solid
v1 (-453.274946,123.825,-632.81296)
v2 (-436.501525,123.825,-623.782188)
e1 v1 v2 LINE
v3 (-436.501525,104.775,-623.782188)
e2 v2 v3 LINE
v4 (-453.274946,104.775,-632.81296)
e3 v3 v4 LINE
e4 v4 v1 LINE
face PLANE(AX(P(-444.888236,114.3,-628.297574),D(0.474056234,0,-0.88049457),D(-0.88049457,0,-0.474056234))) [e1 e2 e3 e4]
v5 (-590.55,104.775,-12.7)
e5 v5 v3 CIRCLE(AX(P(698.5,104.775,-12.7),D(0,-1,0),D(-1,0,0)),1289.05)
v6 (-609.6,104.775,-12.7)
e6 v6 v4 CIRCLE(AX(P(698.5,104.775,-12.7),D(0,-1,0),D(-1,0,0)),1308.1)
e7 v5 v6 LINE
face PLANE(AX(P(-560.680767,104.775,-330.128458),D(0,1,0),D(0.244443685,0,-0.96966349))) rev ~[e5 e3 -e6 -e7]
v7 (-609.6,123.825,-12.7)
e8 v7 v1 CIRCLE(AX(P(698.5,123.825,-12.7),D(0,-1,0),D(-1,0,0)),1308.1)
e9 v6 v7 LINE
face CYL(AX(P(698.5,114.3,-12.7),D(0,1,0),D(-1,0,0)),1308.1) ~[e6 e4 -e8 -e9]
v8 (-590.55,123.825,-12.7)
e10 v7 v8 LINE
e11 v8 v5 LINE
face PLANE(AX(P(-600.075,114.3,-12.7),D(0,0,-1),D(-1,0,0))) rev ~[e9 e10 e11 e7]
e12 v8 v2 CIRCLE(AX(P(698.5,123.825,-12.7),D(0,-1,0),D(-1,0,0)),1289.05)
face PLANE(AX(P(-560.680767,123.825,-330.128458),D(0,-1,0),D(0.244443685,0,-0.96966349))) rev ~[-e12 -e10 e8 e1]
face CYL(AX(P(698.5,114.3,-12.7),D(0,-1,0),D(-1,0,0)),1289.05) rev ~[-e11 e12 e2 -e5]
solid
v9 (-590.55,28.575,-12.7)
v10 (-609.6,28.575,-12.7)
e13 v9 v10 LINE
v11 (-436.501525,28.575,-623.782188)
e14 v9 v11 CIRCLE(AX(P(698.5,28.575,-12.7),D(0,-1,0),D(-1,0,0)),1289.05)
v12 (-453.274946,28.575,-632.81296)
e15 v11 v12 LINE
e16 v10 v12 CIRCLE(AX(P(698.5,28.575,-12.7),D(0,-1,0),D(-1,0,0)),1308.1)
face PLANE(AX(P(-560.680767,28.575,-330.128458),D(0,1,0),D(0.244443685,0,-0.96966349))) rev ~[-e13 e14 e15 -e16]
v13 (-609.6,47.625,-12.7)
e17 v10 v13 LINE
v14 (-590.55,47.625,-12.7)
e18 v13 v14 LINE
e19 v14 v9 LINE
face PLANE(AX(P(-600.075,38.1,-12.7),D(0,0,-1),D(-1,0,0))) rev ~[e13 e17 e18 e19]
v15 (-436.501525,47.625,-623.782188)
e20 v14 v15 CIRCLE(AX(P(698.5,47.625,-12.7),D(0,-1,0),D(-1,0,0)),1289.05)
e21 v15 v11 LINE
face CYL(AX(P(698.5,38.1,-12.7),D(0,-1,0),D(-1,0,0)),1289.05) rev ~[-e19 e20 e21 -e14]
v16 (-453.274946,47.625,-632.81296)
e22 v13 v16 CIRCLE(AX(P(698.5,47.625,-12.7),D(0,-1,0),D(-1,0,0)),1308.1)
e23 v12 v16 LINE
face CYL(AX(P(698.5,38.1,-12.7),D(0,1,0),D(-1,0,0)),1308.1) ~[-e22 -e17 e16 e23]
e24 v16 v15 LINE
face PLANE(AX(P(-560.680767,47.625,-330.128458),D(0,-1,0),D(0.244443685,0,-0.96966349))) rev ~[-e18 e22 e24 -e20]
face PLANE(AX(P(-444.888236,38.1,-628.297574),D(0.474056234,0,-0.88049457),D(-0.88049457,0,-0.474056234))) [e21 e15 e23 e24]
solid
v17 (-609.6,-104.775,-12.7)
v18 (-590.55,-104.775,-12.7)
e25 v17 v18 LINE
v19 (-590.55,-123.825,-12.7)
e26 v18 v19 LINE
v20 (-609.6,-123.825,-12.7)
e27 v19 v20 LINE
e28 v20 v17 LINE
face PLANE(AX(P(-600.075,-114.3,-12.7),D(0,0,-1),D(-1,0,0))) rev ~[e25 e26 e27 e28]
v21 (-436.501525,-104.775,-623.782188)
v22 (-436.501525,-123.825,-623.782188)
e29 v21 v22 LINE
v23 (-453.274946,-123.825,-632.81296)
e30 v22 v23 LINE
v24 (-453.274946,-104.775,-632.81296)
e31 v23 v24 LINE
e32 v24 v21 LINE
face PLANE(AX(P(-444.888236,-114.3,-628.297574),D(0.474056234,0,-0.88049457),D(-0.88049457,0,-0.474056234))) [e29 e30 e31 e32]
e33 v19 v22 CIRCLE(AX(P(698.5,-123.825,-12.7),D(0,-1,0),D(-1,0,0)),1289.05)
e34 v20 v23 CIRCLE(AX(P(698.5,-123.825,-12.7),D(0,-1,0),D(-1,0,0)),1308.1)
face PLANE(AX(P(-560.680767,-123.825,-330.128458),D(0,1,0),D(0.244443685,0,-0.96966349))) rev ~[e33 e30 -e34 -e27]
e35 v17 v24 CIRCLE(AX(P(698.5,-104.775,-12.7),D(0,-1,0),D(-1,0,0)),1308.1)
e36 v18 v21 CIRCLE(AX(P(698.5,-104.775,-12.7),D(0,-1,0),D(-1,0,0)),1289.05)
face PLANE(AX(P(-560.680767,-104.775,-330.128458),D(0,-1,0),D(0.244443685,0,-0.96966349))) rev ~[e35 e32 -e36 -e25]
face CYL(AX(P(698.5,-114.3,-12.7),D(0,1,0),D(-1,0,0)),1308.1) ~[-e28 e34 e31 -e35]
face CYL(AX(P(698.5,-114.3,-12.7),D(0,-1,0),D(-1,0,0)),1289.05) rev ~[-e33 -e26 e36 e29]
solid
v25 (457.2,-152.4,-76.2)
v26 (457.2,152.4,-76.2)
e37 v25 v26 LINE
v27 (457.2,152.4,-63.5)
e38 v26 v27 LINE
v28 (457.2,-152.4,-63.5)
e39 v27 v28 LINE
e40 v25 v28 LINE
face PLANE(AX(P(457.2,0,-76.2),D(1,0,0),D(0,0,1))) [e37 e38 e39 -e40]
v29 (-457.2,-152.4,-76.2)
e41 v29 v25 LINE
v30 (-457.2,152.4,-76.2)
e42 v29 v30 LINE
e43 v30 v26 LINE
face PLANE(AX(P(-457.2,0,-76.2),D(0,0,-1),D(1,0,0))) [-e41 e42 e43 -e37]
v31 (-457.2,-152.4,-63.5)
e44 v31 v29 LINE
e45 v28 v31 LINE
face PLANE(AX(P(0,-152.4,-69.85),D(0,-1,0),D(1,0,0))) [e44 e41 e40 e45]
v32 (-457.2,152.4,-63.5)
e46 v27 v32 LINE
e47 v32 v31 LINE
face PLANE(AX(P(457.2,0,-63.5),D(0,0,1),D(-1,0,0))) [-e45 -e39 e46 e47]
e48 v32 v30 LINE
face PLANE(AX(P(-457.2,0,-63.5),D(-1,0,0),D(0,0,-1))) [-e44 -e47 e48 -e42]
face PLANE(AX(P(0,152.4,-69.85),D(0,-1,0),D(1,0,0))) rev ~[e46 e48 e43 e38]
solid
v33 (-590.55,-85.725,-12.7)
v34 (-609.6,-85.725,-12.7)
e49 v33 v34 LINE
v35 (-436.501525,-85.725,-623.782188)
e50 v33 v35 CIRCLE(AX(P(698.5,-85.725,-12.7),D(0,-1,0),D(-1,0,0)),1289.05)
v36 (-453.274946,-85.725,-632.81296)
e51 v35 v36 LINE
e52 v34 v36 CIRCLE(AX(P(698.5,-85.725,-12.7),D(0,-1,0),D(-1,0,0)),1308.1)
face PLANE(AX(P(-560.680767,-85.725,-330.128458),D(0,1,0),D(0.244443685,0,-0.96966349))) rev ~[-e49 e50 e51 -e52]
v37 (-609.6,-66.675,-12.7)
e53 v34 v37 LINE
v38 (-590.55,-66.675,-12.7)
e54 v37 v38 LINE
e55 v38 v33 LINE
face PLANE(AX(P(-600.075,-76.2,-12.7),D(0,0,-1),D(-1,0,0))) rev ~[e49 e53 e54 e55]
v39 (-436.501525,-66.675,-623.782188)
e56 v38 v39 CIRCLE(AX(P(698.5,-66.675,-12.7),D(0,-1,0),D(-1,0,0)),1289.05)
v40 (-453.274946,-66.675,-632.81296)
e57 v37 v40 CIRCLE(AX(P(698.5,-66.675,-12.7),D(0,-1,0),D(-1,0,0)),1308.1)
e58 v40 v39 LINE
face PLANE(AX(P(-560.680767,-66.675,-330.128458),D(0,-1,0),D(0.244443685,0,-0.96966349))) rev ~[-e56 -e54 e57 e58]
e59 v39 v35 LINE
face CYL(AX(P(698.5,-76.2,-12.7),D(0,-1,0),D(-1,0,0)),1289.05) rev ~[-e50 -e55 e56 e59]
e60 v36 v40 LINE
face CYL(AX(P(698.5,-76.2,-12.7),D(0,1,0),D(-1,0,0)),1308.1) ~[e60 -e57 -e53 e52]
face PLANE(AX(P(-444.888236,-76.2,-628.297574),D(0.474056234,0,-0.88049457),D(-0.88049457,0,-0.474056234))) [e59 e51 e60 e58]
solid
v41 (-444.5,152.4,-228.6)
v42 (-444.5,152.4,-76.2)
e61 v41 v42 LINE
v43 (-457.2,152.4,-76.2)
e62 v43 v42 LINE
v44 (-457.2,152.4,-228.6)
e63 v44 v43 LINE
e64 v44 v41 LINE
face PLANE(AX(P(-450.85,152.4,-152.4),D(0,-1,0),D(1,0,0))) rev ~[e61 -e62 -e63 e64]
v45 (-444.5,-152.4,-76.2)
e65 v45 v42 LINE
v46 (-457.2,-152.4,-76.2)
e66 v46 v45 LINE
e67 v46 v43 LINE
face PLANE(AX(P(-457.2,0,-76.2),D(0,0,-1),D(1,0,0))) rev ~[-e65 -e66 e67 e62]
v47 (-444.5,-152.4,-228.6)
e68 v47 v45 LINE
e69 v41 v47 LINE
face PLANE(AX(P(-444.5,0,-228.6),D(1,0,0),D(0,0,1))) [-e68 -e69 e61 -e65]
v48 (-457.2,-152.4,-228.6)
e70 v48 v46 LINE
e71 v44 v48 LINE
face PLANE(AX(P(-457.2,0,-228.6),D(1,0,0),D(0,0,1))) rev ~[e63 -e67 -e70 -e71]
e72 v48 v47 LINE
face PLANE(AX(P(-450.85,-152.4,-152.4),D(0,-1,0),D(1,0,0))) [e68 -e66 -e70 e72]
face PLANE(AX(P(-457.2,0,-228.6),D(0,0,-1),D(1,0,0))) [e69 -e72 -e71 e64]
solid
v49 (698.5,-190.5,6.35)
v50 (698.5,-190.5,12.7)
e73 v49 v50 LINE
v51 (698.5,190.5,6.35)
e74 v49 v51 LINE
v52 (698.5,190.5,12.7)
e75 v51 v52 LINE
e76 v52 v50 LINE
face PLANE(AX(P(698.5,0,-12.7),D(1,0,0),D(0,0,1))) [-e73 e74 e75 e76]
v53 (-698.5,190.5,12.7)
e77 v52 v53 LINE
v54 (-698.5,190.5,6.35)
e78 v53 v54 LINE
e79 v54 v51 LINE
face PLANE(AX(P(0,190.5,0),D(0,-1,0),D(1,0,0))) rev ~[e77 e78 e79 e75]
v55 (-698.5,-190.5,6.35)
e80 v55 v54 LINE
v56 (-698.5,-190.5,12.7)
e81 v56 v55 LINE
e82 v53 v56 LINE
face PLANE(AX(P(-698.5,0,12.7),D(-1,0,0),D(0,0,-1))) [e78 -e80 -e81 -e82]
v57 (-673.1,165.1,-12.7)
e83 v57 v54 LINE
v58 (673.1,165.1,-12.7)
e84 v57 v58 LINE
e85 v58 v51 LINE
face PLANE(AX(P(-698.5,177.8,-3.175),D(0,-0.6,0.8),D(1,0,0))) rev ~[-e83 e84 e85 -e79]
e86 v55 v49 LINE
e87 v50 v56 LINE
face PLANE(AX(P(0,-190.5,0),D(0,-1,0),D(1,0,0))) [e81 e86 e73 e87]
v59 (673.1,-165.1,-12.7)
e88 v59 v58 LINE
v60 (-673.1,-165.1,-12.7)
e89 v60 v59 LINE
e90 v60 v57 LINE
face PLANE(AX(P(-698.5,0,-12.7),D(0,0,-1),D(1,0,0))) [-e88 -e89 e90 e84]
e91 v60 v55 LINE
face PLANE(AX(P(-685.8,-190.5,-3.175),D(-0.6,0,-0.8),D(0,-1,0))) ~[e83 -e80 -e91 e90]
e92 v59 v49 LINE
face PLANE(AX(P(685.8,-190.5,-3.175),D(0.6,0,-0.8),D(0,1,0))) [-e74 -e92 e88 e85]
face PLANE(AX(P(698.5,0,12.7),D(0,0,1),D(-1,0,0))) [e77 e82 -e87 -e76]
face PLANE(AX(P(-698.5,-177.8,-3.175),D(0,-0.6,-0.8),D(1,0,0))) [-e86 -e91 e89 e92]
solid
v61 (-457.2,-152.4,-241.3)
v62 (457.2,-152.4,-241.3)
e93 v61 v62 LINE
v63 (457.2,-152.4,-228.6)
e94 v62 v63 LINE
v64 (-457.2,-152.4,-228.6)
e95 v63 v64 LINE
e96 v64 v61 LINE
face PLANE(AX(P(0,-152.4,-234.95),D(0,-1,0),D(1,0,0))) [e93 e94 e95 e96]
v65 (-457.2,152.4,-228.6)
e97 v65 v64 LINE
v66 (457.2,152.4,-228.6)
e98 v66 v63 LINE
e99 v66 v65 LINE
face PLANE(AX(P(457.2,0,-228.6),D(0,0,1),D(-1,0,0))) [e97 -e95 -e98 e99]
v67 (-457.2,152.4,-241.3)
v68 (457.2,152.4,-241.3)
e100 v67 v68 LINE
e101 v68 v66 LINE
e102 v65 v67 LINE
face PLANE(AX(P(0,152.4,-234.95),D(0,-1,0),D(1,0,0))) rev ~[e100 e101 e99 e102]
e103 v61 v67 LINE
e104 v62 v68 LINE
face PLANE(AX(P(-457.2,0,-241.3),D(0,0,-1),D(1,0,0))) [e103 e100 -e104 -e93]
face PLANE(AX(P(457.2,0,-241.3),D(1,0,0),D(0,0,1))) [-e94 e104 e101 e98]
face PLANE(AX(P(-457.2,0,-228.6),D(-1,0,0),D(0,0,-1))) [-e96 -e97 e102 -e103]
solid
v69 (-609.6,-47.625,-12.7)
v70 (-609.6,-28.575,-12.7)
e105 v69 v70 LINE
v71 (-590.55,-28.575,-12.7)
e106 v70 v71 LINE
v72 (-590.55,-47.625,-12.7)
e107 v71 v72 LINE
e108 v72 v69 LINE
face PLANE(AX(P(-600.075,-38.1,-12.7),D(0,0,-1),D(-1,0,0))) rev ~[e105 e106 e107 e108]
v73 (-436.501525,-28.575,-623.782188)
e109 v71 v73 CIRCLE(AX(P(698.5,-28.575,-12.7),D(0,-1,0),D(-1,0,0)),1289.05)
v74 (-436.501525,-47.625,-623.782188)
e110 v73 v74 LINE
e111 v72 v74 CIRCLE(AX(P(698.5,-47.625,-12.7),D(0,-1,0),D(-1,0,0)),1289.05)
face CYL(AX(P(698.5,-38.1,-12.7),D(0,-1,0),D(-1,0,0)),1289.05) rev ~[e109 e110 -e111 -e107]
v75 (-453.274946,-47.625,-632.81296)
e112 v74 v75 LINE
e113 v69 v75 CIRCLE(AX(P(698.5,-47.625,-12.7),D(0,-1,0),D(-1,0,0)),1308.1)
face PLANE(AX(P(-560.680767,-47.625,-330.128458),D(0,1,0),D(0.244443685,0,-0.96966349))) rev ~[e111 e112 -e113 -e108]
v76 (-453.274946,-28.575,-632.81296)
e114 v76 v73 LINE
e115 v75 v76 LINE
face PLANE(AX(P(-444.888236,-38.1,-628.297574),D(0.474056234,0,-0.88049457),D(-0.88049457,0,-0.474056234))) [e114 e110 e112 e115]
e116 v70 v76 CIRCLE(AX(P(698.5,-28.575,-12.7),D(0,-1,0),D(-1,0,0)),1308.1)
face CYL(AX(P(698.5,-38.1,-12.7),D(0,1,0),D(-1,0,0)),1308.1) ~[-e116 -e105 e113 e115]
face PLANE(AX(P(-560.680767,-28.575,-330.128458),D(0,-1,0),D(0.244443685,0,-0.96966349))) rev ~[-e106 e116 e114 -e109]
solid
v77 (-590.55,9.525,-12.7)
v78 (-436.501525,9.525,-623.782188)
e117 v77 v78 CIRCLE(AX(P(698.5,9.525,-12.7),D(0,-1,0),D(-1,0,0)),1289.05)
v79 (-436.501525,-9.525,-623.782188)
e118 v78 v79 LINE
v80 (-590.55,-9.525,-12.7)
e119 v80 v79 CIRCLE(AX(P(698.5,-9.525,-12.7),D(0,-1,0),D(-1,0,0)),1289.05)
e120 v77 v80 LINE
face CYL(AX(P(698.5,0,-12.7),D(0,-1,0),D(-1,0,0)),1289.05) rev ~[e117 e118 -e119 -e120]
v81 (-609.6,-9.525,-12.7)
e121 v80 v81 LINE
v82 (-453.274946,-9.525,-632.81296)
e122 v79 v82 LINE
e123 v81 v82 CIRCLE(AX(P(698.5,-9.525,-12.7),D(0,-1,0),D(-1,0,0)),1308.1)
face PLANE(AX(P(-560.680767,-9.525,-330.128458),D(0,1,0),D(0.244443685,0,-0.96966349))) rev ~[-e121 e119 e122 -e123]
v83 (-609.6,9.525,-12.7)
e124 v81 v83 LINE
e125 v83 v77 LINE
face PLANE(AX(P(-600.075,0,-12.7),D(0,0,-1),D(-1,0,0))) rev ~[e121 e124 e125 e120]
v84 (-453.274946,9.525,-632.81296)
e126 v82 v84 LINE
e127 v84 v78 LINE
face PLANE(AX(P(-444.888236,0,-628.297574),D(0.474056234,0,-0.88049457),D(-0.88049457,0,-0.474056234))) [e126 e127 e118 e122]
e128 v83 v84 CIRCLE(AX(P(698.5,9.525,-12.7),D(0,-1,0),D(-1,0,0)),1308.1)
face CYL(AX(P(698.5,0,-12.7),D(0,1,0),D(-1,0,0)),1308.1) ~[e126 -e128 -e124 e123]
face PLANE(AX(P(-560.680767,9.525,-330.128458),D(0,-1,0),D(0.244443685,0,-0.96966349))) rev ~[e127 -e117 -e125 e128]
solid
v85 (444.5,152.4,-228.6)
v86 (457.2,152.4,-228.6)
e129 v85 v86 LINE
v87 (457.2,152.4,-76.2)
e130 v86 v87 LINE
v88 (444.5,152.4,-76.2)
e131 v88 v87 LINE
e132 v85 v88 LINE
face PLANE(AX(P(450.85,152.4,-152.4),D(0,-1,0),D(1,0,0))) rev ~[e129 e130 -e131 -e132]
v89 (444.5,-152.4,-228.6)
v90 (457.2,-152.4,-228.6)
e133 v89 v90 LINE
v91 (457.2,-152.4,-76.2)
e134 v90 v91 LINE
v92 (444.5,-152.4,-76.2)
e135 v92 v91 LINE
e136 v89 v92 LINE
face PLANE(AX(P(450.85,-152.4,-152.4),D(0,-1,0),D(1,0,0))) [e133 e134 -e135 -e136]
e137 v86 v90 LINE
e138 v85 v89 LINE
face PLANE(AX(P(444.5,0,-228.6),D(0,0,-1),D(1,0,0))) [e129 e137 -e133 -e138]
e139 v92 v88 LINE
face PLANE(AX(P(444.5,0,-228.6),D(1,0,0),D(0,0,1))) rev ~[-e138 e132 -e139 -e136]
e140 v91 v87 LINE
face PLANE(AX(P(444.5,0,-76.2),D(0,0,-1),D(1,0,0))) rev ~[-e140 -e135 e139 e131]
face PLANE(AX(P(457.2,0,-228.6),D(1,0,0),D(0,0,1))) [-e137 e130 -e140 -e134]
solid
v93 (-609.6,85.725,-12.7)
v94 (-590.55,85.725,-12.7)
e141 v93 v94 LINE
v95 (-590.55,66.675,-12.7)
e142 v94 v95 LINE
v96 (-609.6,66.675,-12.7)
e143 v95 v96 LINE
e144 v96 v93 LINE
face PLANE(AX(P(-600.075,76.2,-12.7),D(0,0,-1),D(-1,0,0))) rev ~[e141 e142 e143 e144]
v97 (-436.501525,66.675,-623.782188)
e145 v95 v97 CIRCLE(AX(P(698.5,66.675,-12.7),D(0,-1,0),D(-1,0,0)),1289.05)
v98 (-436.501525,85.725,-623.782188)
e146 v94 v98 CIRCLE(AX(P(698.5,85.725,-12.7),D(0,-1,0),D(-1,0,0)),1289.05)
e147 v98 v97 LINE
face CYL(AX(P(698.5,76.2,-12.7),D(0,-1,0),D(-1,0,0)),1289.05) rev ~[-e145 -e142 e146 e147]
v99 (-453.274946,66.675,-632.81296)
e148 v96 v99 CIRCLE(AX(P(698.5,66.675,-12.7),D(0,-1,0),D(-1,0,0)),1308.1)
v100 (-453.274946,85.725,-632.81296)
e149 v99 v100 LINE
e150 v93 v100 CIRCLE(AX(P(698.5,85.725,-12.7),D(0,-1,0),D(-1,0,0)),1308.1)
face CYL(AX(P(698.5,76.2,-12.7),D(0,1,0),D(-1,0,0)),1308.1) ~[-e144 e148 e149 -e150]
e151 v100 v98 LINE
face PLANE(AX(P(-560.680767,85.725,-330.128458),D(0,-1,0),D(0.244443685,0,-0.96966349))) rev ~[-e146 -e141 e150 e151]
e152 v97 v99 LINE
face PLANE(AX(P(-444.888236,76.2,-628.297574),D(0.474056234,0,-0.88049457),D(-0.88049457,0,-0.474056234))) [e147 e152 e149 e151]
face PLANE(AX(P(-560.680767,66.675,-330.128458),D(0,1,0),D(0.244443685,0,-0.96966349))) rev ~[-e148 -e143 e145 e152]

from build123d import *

# Parameters (mm, degrees)
F1_DEPTH = 190.5
F0_W     = 12.7
F0_H     = 152.4
F2_DEPTH = 152.4
F3_DEPTH = 152.4
F4_SIZE2 = 19.05
F4_SIZE  = 25.4
F5_W     = 19.05
F5_H     = 19.05


with BuildPart() as f1:
    # F0 (on Front) → F1 (new body, symmetric)
    with BuildSketch(Plane.XZ):
        Polygon((-609.6, -12.7), (698.5, -12.7), (698.5, 12.7), (-698.5, 12.7), (-698.5, -12.7), align=None)
    extrude(amount=F1_DEPTH, both=True)

    # F4
    f4_edges = [f1.edges().sort_by_distance(p)[0] for p in [
        (-698.5, 0, -12.7),
        (0, -190.5, -12.7),
        (0, 190.5, -12.7),
        (698.5, 0, -12.7),
    ]]
    f4_side = f1.faces().sort_by_distance((0, 0, -12.7))[0]
    chamfer(f4_edges, length=F4_SIZE, length2=F4_SIZE2, reference=f4_side)


with BuildPart() as f2:
    # F0 (on Front) → F2 (new body, symmetric)
    with BuildSketch(Plane.XZ):
        with Locations((-450.85, -152.4)):
            Rectangle(F0_W, F0_H)
    extrude(amount=F2_DEPTH, both=True)


with BuildPart() as f2b:
    # F0 (on Front) → F2, piece 2 (new body, symmetric)
    with BuildSketch(Plane.XZ):
        with Locations((450.85, -152.4)):
            Rectangle(F0_W, F0_H)
    extrude(amount=F2_DEPTH, both=True)


with BuildPart() as f3:
    # F0 (on Front) → F3 (new body, symmetric)
    with BuildSketch(Plane.XZ):
        Polygon((457.2, -76.2), (457.2, -63.5), (-457.2, -63.5), (-457.2, -76.2), (-444.5, -76.2), (444.5, -76.2), align=None)
    extrude(amount=F3_DEPTH, both=True)


with BuildPart() as f3b:
    # F0 (on Front) → F3, piece 2 (new body, symmetric)
    with BuildSketch(Plane.XZ):
        Polygon((457.2, -241.3), (457.2, -228.6), (444.5, -228.6), (-444.5, -228.6), (-457.2, -228.6), (-457.2, -241.3), align=None)
    extrude(amount=F3_DEPTH, both=True)


with BuildPart() as f6:
    # F6: sweep along a path in F0
    with BuildLine(Plane.XZ) as f6_path:
        ThreePointArc((-609.6, -12.7), (-569.9168119081, -332.4567845547), (-453.2749464586, -632.8129596375))
    # F5 (on face) → F6 (sweep)
    with BuildSketch(Plane(origin=(0, 0, -12.7), x_dir=(1, 0, 0), z_dir=(0, 0, -1))):
        with Locations((-600.075, 0)):
            Rectangle(F5_W, F5_H)
        with Locations((-600.075, 38.1)):
            Rectangle(F5_W, F5_H)
        with Locations((-600.075, 76.2)):
            Rectangle(F5_W, F5_H)
        with Locations((-600.075, 114.3)):
            Rectangle(F5_W, F5_H)
        with Locations((-600.075, -114.3)):
            Rectangle(F5_W, F5_H)
        with Locations((-600.075, -76.2)):
            Rectangle(F5_W, F5_H)
        with Locations((-600.075, -38.1)):
            Rectangle(F5_W, F5_H)
    sweep(path=f6_path.line)


solid = Compound([f1.part, f2.part, f2b.part, f3.part, f3b.part, f6.part])
